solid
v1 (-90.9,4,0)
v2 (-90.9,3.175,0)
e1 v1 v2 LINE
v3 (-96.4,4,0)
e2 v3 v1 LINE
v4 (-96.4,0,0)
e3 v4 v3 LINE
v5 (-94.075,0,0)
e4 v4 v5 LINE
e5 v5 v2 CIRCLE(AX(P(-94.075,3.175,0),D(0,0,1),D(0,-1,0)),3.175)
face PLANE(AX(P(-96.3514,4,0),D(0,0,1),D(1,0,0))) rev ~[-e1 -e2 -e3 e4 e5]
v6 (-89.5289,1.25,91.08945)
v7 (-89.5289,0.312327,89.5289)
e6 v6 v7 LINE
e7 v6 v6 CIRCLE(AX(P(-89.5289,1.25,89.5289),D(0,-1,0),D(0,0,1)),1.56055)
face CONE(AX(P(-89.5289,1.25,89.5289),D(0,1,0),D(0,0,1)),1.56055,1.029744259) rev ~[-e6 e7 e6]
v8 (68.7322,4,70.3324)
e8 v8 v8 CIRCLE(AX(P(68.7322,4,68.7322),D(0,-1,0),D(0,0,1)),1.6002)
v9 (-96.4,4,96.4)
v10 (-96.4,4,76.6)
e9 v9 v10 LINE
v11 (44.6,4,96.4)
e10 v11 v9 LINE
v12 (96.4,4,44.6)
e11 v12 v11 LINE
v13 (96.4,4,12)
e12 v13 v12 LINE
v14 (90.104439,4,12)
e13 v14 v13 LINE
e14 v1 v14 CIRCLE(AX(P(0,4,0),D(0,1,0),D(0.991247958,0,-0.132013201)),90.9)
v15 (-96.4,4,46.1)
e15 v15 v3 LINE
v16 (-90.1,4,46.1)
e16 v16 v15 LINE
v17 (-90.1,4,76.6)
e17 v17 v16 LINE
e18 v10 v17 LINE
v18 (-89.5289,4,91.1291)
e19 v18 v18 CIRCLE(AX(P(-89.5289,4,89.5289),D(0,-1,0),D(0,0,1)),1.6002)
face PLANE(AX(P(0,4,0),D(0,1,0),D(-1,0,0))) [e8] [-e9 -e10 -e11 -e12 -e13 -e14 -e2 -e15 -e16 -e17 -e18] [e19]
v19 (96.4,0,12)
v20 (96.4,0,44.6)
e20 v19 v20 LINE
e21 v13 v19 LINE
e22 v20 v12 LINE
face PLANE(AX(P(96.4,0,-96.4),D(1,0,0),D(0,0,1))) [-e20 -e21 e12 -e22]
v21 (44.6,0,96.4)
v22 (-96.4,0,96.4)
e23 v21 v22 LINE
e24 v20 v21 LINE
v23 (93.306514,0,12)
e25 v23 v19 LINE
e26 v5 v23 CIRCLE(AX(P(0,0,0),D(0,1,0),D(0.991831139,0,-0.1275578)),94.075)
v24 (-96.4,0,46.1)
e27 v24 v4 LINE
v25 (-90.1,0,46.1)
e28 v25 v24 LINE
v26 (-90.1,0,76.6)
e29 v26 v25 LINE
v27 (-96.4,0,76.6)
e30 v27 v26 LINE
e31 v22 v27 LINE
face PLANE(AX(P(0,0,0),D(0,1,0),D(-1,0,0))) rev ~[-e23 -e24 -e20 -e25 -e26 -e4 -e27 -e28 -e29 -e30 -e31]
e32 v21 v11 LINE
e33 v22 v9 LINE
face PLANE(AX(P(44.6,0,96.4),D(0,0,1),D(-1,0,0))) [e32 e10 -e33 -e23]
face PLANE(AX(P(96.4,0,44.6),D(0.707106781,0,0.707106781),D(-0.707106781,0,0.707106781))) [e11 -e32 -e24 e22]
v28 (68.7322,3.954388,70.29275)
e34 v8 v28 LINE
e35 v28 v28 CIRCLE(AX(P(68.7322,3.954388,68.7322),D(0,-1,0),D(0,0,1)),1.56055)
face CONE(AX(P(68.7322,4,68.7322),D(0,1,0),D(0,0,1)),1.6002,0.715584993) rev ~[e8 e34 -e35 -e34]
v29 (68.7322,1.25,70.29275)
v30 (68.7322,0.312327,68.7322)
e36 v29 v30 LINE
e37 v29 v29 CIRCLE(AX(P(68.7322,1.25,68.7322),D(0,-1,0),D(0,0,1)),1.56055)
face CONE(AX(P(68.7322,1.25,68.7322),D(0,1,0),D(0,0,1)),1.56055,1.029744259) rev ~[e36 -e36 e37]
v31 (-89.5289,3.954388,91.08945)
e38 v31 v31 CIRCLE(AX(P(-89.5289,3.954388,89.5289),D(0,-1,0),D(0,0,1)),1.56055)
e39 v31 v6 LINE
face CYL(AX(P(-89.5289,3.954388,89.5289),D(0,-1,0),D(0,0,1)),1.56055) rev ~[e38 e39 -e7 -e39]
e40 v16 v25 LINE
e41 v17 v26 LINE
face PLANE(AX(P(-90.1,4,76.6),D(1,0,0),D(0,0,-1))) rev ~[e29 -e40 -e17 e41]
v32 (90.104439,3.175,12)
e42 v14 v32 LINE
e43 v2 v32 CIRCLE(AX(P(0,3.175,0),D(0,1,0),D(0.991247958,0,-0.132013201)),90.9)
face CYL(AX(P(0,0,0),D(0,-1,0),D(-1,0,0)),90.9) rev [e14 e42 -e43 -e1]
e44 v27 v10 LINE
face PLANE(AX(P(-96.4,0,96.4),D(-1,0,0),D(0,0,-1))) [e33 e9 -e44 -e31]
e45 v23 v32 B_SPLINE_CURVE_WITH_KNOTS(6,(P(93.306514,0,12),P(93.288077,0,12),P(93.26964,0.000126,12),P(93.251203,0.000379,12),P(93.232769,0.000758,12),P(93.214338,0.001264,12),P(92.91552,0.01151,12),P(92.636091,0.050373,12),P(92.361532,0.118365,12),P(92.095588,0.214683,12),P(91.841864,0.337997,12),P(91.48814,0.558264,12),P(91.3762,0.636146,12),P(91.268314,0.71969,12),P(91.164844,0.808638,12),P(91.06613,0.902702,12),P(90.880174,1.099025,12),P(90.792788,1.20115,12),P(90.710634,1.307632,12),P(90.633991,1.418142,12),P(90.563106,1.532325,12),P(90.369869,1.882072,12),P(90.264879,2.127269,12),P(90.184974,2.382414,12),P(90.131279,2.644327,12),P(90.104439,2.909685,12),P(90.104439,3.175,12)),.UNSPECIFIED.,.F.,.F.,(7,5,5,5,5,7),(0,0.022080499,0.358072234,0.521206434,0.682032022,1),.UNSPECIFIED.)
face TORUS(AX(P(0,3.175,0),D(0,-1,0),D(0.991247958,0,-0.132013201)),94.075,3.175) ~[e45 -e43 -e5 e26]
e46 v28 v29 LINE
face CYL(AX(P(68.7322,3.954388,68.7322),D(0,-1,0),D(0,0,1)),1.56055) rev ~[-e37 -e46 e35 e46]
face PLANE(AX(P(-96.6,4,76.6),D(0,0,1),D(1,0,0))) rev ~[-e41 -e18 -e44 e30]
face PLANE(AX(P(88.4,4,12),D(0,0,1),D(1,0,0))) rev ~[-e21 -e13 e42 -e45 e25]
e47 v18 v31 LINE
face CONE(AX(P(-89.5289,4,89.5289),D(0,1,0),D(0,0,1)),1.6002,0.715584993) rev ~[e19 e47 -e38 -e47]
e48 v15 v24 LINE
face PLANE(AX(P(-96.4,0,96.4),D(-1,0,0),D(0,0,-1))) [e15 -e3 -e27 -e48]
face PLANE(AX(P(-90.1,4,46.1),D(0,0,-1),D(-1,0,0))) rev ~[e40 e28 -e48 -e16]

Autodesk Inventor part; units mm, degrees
ref_plane "YZ Plane" through (0, 0, 0) normal (1, 0, 0) x (0, 1, 0)
ref_plane "XZ Plane" through (0, 0, 0) normal (0, 1, 0) x (-1, 0, 0)
ref_plane "XY Plane" through (0, 0, 0) normal (0, 0, 1) x (1, 0, 0)
sketch "Sketch1" plane through (0, 0, 0) normal (0, 1, 0) x (-1, 0, 0)
  line L0 (101.6, -101.6) -> (-101.6, -101.6)
  line L1 (-101.6, -101.6) -> (-101.6, 101.6)
  line L2 (-101.6, 101.6) -> (101.6, 101.6)
  line L3 (101.6, 101.6) -> (101.6, -101.6)
  line L4 (96.6, -96.6) -> (-96.6, -96.6)
  line L5 (-96.6, -96.6) -> (-96.6, 96.6)
  line L6 (-96.6, 96.6) -> (96.6, 96.6)
  line L7 (96.6, 96.6) -> (96.6, -96.6)
  line L8 (101.6, 101.6) -> (-40.4, 101.6)
  circle A0 centre (0, 0) radius 88.9
  line L9 (-40.4, 101.6) -> (-101.6, 40.4)
  line L10 (-45.4, 101.6) -> (-101.6, 45.4)
  line L11 (96.6, 96.6) -> (96.6, 101.6)
  line L12 (-45.4, 101.6) -> (-35.4, 101.6)
  line L13 (-35.4, 101.6) -> (-35.4, 96.6)
  line L14 (-35.4, 96.6) -> (-45.4, 96.6)
  line L15 (-45.4, 96.6) -> (-45.4, 101.6)
  line L16 (-101.6, 39.4) -> (-39.4, 101.6)
  line L17 (96.4, -96.4) -> (-96.4, -96.4)
  line L18 (-96.4, -96.4) -> (-96.4, 96.4)
  line L19 (-96.4, 96.4) -> (96.4, 96.4)
  line L20 (96.4, 96.4) -> (96.4, -96.4)
  circle A1 centre (0, 0) radius 90.9
  point P0 (96.6, 51.2168)
  point P1 (101.6, 40.4)
  point P2 (101.6, -40.4)
  point P3 (96.6, -51.2168)
  point P4 (-96.6, 45.4)
  point P5 (-45.4, 96.6)
  point P6 (-44.6, 96.4)
  point P7 (-96.4, 44.6)
  dimension "d0" = 203.2
  dimension "d1" = 203.2
  dimension "d2" = 101.6
  dimension "d3" = 101.6
  dimension "d4" = 5
  dimension "d5" = 5
  dimension "d6" = 5
  dimension "d7" = 5
  dimension "d8" = 142
  dimension "d9" = 61.2
  dimension "d10" = 177.8
  dimension "d11" = 5
  dimension "d12" = 5
  dimension "d13" = 10
  dimension "d14" = 1
  dimension "d15" = 0.2
  dimension "d16" = 0.2
  dimension "d17" = 0.2
  dimension "d18" = 0.2
  dimension "d64" = 181.8
extrude "Extrusion1" add sketch "Sketch1" along normal blind 4 contours L16 L19 L20 L17 L18
sketch "Sketch6" plane through (0, 4, 0) normal (0, 1, 0) x (1, 0, 0)
  line L0 (96.4, 96.4) -> (-96.4, 96.4) projected
  line L1 (96.4, 96.4) -> (88.4, 96.4)
  line L2 (88.4, 96.4) -> (88.4, -45.6)
  line L3 (88.4, -45.6) -> (96.4, -45.6)
  line L4 (96.4, -45.6) -> (96.4, 96.4)
  line L5 (96.4, -44.6) -> (96.4, 96.4) projected
  line L6 (88.4, -12) -> (96.4, -12)
  line L7 (96.4, -12) -> (96.4, 12)
  line L8 (96.4, 12) -> (88.4, 12)
  line L9 (88.4, 12) -> (88.4, -12)
  line L10 (0, 0) -> (96.4, 0)
  point P0 (96.4, -12)
  dimension "d58" = 8
  dimension "d59" = 142
  dimension "d62" = 12
  dimension "d63" = 12
extrude "Extrusion6" cut sketch "Sketch6" against normal blind 25.4 contours L4 L10 L2 L8 | L4 L6 L2 L10
sketch "Sketch8" plane through (0, 4, 0) normal (0, 1, 0) x (1, 0, 0)
  line L0 (-96.6, 96.6) -> (-96.6, -96.6)
  line L1 (96.6, 96.6) -> (-96.6, 96.6)
  line L2 (-96.6, 96.6) -> (96.6, 96.6)
  line L3 (96.6, -45.4) -> (45.4, -96.6)
  line L4 (96.6, 96.6) -> (96.6, -45.4)
  line L5 (96.6, -45.4) -> (45.4, -96.6)
  line L6 (45.4, -96.6) -> (-96.6, -96.6)
  line L7 (-96.6, -96.6) -> (-96.6, 96.6)
  line L8 (-96.6, 96.6) -> (-89.5289, 89.5289)
  circle A0 centre (-89.5289, 89.5289) radius 5
  circle A1 centre (-89.5289, 89.5289) radius 1.5
  line L9 (-89.5289, 84.5289) -> (-96.6, 84.5289)
  line L10 (-89.5289, 89.5289) -> (-89.5289, 84.5289)
  line L11 (-89.5289, 89.5289) -> (-84.5289, 89.5289)
  line L12 (-84.5289, 96.6) -> (-84.5289, 89.5289)
  line L13 (-96.6, -96.6) -> (-89.5289, -89.5289)
  line L14 (-96.6, -96.6) -> (-86.6, -96.6) construction
  circle A2 centre (-89.5289, -89.5289) radius 5
  circle A3 centre (-89.5289, -89.5289) radius 1.75
  line L15 (-89.5289, -89.5289) -> (-84.5289, -89.5289)
  line L16 (-84.5289, -96.6) -> (-84.5289, -89.5289)
  line L17 (-89.5289, -89.5289) -> (-89.5289, -84.5289)
  line L18 (-96.6, -84.5289) -> (-89.5289, -84.5289)
  line L19 (96.6, 96.6) -> (89.5289, 89.5289)
  circle A4 centre (89.5289, 89.5289) radius 5
  circle A5 centre (89.5289, 89.5289) radius 1.75
  line L20 (89.5289, 89.5289) -> (84.5289, 89.5289)
  line L21 (84.5289, 96.6) -> (84.5289, 89.5289)
  line L22 (89.5289, 89.5289) -> (89.5289, 84.5289)
  line L23 (96.6, 84.5289) -> (89.5289, 84.5289)
  line L24 (96.6, -43.114) -> (96.6, 96.6)
  line L25 (-96.6, -96.6) -> (43.1178, -96.6)
  line L26 (28.9914, 5.6569) -> (-5.6569, -28.9914)
  line L27 (25.4, -25.4) -> (101.6, -25.4)
  line L28 (101.6, -88.9) -> (101.6, 101.6)
  line L29 (25.4, -25.4) -> (25.4, -101.6)
  line L30 (43.1178, -101.6) -> (-101.6, -101.6)
  line L31 (96.6, -25.4) -> (86.6, -25.4)
  circle A6 centre (86.6, -25.4) radius 5
  circle A7 centre (86.6, -25.4) radius 1.75
  line L32 (25.4, -96.6) -> (25.4, -86.6)
  circle A8 centre (25.4, -86.6) radius 5
  circle A9 centre (25.4, -86.6) radius 1.75
  line L33 (44.6, -96.4) -> (96.4, -44.6) projected
  circle A10 centre (68.7322, -68.7322) radius 1
  point P0 (0, 0)
  point P1 (0, 0)
  point P2 (0, 0)
  dimension "d90" = 10
  dimension "d91" = 3
  dimension "d92" = 10
  dimension "d93" = 45
  dimension "d94" = 10
  dimension "d95" = 3.5
  dimension "d96" = 10
  dimension "d97" = 10
  dimension "d98" = 3.5
  dimension "d99" = 76.2
  dimension "d100" = 76.2
  dimension "d101" = 10
  dimension "d102" = 10
  dimension "d103" = 3.5
  dimension "d104" = 10
  dimension "d105" = 10
  dimension "d106" = 3.5
  dimension "d115" = 2
  dimension "d116" = 2.5
hole "Hole1" at (-89.5289, 4, -89.5289) at (89.5289, 4, -89.5289) at (-89.5289, 4, 89.5289) at (68.7322, 4, 68.7322) direction (0, -1, 0) diameter 3.1211 depth 2.75 tip angle 118 countersink diameter 3.2004 countersink angle 82 thread size "M3.5x0.35" class "6H" standard "ANSI Metric M Profile"
fillet "Fillet1" radius 3.175 2 edges at (-6.0132, 0, -90.7009) (-6.0132, 0, 90.7009)
sketch "Sketch9" plane through (0, 4, 0) normal (0, 1, 0) x (1, 0, 0)
  arc A0 (-101.6, -98.425) -> (-98.425, -101.6) centre (-98.425, -98.425) ccw
  line L0 (44.0849, 101.6) -> (-98.425, 101.6)
  line L1 (-101.6, 98.425) -> (-101.6, -98.425)
  line L2 (-101.6, -46.1) -> (-101.6, -76.6)
  line L3 (-96.6, -96.6) -> (-96.6, 96.6)
  line L4 (-96.6, -46.1) -> (-96.6, -76.6)
  line L5 (-101.6, -76.6) -> (-96.6, -76.6)
  line L6 (-101.6, -46.1) -> (-96.6, -46.1)
  line L7 (-98.425, -101.6) -> (101.6, -101.6)
  line L8 (0, 0) -> (-101.6, 0)
  line L9 (-101.6, 46.1) -> (-101.6, 76.6)
  line L10 (-96.6, 46.1) -> (-96.6, 76.6)
  line L11 (-101.6, 76.6) -> (-96.6, 76.6)
  line L12 (-101.6, 46.1) -> (-96.6, 46.1)
  line L13 (-96.6, -76.6) -> (-90.1, -76.6)
  line L14 (-90.1, -76.6) -> (-90.1, -46.1)
  line L15 (-90.1, -46.1) -> (-96.6, -46.1)
  line L16 (-96.6, -46.1) -> (-96.6, -76.6)
  arc A1 (-98.425, 101.6) -> (-101.6, 98.425) centre (-98.425, 98.425) ccw
  line L17 (-101.6, 46.1) -> (-96.6, 46.1)
  line L18 (-90.1, 46.1) -> (-96.6, 46.1)
  line L19 (-101.6, 46.1) -> (-101.6, 76.6)
  line L20 (-96.6, 46.1) -> (-96.6, 76.6)
  line L21 (-96.6, 46.1) -> (-96.6, 76.6)
  line L22 (-90.1, 76.6) -> (-90.1, 46.1)
  line L23 (-101.6, 76.6) -> (-96.6, 76.6)
  line L24 (-96.6, 76.6) -> (-90.1, 76.6)
  point P0 (-98.425, 98.425)
  point P1 (46.1, 101.6)
  point P2 (46.1, 96.6)
  point P3 (76.6, 96.6)
  point P4 (76.6, 101.6)
  point P5 (-46.1, 96.6)
  dimension "d117" = 30.5
  dimension "d118" = 25
  dimension "d119" = 6.5
extrude "Extrusion7" cut sketch "Sketch9" against normal blind 25.4 contours L24 L22 L18 L3 | L15 L14 L13 L3
sketch "Sketch10" plane through (0, 4, 0) normal (0, 1, 0) x (1, 0, 0)
  line L0 (-96.3514, 0) -> (-90.9, 0)
  arc A0 (90.1044, 12) -> (90.1044, -12) centre (0, 0) ccw projected
ref_plane "Work Plane1" through (-96.3514, 4, 0) normal (0, 0, 1) x (1, 0, 0)
sketch "Sketch11" plane through (-96.3514, 4, 0) normal (0, 0, 1) x (1, 0, 0)
  line L0 (-51.1439, 37.1405) -> (237.6314, 37.1405)
  line L1 (237.6314, 37.1405) -> (237.6314, -59.6996)
  line L2 (237.6314, -59.6996) -> (-51.1439, -59.6996)
  line L3 (-51.1439, -59.6996) -> (-51.1439, 37.1405)
  point P0 (96.3514, -4)
extrude "Extrusion8" cut sketch "Sketch11" against normal through all
equation "\"d1\" = d0"
equation "\"d2\" = 0.5 * d0"
equation "\"d3\" = 0.5 * d0"
equation "\"d15\" = d17"
equation "\"d16\" = d17"
equation "\"d18\" = d17"
properties part number "Drop_Plate"
